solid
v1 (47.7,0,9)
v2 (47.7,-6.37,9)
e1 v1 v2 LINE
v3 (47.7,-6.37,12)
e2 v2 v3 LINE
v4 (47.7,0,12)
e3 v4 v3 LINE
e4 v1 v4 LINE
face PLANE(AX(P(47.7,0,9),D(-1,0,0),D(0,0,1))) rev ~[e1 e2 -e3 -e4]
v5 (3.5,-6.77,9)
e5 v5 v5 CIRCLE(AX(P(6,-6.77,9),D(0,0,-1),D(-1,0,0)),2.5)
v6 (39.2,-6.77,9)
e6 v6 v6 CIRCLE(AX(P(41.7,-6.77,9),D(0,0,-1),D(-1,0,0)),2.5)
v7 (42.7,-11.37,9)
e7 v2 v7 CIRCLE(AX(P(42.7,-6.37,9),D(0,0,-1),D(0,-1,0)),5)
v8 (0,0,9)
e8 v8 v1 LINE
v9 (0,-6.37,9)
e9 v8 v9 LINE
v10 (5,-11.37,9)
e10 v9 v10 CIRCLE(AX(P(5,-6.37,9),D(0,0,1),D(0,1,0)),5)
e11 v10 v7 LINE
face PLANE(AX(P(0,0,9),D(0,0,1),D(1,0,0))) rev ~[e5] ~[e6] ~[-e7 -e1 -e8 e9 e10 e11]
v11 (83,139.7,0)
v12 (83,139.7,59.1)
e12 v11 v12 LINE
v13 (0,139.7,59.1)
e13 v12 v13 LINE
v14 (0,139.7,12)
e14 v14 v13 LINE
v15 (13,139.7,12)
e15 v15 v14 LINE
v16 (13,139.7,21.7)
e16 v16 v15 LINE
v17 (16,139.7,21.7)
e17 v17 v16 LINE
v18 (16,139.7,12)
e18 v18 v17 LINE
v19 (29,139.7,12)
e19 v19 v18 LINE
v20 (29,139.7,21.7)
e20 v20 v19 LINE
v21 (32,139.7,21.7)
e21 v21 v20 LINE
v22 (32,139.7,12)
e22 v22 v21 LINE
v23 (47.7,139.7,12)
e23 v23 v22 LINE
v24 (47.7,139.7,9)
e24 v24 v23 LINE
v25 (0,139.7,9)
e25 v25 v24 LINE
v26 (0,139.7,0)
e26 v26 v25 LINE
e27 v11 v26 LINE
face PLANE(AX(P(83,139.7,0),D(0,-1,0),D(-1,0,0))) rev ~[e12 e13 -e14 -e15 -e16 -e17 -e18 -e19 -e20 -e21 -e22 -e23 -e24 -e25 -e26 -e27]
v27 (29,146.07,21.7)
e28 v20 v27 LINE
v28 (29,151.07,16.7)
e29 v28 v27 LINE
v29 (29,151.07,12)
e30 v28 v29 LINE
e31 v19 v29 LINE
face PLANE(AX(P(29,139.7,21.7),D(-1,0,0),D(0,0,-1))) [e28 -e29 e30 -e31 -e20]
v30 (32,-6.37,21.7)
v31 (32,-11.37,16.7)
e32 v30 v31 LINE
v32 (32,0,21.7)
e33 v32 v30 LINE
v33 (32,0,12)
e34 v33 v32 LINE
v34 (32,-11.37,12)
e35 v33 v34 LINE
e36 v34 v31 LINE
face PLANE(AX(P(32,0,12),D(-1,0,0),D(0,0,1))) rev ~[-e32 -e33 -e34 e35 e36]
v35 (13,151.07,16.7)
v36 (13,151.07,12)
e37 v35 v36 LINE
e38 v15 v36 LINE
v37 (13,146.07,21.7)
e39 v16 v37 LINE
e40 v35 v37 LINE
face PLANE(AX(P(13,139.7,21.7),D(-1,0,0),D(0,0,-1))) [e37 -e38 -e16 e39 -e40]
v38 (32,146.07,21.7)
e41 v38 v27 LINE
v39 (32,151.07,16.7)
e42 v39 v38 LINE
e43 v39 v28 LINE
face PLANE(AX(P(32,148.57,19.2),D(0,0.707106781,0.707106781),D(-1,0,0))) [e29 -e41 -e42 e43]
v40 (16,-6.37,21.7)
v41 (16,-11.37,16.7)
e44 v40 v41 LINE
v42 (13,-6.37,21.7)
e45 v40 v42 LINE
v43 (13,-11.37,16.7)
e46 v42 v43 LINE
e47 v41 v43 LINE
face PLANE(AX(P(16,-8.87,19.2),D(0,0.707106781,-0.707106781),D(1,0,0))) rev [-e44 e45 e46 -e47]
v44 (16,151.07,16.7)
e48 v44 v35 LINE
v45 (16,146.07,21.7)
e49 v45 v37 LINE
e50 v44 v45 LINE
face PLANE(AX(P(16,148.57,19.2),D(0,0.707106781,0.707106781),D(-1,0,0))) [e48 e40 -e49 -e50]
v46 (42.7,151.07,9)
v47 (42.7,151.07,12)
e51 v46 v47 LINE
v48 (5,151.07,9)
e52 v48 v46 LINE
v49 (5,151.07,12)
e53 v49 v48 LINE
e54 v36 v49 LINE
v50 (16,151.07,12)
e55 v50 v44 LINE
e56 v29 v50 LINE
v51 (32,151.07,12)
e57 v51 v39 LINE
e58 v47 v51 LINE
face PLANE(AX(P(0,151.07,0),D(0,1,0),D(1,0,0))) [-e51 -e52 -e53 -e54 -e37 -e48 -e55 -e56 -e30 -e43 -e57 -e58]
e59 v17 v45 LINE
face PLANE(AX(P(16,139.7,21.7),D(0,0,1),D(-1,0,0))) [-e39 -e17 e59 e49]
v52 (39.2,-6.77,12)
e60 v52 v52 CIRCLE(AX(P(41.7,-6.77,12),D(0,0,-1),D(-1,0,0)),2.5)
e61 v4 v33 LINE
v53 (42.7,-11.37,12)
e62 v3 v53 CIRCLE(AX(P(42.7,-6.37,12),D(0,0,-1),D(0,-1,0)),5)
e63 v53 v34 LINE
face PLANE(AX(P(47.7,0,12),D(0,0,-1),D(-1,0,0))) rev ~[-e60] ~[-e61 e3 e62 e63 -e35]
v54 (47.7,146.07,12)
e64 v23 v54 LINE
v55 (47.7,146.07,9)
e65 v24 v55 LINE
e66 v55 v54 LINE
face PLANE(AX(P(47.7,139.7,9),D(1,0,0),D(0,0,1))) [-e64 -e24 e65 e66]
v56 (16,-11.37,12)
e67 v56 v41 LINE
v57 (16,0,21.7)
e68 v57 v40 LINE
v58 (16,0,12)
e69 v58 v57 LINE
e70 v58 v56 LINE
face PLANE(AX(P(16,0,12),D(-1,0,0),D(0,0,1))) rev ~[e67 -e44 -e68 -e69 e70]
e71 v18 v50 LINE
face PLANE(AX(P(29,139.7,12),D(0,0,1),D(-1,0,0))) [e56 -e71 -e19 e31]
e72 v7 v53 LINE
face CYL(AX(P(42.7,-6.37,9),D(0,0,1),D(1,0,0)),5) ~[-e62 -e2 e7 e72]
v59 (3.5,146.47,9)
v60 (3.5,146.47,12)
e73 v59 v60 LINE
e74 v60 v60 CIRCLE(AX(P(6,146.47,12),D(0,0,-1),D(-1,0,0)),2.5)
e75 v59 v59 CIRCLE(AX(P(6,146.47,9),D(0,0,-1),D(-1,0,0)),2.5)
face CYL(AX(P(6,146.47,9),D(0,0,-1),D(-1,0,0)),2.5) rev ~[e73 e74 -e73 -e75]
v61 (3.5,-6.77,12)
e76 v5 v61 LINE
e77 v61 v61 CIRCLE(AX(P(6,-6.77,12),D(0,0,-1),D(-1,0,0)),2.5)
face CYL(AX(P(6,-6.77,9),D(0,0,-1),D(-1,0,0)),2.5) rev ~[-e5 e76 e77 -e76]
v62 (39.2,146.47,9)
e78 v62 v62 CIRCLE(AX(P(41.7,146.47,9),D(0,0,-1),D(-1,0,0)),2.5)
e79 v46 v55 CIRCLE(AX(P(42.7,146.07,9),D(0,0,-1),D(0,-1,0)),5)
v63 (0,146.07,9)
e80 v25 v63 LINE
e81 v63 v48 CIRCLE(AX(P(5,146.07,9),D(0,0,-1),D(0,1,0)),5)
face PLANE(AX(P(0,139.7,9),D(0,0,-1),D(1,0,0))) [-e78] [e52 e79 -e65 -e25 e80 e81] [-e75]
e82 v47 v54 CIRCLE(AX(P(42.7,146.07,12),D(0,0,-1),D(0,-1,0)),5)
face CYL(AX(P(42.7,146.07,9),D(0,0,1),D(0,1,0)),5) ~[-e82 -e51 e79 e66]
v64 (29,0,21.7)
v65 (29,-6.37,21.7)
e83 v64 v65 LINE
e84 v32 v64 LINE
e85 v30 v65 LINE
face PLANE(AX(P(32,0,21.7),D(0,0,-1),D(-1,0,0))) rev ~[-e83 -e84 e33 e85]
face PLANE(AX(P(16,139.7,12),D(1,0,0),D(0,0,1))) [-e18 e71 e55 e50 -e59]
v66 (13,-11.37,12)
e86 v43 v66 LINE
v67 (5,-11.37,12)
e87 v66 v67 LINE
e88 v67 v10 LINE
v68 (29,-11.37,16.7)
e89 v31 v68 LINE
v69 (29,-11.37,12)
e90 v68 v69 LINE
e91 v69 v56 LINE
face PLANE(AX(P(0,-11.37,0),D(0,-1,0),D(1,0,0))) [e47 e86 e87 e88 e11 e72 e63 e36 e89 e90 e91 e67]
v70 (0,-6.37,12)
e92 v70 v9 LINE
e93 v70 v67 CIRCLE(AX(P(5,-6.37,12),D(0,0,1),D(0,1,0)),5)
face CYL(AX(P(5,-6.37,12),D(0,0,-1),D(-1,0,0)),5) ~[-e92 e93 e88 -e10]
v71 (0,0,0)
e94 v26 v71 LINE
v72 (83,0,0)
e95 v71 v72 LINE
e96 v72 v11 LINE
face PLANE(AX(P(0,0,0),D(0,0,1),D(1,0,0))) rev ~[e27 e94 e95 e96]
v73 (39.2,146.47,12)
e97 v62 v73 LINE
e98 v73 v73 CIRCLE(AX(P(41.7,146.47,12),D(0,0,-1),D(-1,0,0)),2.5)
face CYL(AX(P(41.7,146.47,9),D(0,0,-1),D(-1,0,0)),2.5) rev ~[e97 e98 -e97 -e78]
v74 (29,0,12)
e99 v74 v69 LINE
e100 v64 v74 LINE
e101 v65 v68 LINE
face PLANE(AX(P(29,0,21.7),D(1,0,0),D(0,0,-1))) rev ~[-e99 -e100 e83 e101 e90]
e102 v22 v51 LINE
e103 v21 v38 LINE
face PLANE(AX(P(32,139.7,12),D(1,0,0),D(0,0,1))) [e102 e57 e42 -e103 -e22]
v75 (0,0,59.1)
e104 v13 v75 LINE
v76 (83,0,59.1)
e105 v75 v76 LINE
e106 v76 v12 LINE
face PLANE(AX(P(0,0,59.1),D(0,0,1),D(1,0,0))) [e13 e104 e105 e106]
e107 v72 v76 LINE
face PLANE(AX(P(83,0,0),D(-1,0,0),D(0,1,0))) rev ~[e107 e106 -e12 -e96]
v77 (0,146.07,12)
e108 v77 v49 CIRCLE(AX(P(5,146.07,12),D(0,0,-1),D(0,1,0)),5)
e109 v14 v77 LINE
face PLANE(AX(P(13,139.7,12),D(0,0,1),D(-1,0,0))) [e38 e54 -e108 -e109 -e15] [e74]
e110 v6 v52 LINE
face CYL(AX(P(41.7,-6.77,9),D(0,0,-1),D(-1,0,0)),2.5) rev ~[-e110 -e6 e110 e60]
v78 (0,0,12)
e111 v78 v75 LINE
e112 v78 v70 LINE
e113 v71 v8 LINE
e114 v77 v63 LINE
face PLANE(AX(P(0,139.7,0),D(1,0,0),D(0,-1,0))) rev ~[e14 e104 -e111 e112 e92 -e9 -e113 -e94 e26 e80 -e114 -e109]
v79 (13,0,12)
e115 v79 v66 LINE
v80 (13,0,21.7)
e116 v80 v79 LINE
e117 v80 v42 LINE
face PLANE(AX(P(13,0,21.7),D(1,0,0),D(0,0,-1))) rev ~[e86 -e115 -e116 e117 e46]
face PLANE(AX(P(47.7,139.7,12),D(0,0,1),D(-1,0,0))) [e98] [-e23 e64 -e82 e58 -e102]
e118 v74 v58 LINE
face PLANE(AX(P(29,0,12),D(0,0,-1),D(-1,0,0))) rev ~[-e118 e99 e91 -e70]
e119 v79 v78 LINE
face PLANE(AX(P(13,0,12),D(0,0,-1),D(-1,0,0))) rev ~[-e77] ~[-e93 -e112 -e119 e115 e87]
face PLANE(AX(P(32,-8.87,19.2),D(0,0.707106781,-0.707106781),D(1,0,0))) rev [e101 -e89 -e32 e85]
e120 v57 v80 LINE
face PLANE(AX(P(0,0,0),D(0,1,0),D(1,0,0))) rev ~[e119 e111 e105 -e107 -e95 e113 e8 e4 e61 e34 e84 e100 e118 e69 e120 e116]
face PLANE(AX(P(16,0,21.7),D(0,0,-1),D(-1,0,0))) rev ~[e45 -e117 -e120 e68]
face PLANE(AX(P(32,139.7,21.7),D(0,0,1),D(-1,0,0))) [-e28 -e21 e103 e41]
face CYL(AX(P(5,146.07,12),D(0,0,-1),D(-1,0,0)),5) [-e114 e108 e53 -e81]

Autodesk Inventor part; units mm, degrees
ref_plane "YZ Plane" through (0, 0, 0) normal (1, 0, 0) x (0, 1, 0)
ref_plane "XZ Plane" through (0, 0, 0) normal (0, 1, 0) x (-1, 0, 0)
ref_plane "XY Plane" through (0, 0, 0) normal (0, 0, 1) x (1, 0, 0)
sketch "Sketch1" plane through (0, 0, 0) normal (0, 0, 1) x (1, 0, 0)
  line L0 (0, 0) -> (83, 0)
  line L1 (83, 0) -> (83, 139.7)
  line L2 (83, 139.7) -> (0, 139.7)
  line L3 (0, 139.7) -> (0, 0)
  dimension "d0" = 83
  dimension "d1" = 139.7
extrude "Extrusion1" add sketch "Sketch1" along normal blind 59.1
sketch "Sketch2" plane through (0, 139.7, 0) normal (0, 1, 0) x (1, 0, 0)
  line L0 (0, -9) -> (47.7, -9)
  line L1 (47.7, -9) -> (47.7, -12)
  line L2 (47.7, -12) -> (0, -12)
  line L3 (0, -12) -> (0, -9)
  line L4 (83, 0) -> (0, 0) projected
  line L5 (13, -12) -> (16, -12)
  line L6 (16, -12) -> (16, -21.7)
  line L7 (16, -21.7) -> (13, -21.7)
  line L8 (13, -21.7) -> (13, -12)
  line L9 (0, 0) -> (0, -59.1) projected
  line L10 (29, -12) -> (32, -12)
  line L11 (32, -12) -> (32, -21.7)
  line L12 (32, -21.7) -> (29, -21.7)
  line L13 (29, -21.7) -> (29, -12)
  dimension "d4" = 3
  dimension "d5" = 47.7
  dimension "d6" = 9
  dimension "d7" = 9.7
  dimension "d8" = 3
  dimension "d9" = 13
  dimension "d10" = 3
  dimension "d11" = 9.7
  dimension "d12" = 29
extrude "Extrusion2" add sketch "Sketch2" along normal blind 11.37
sketch "Sketch3" plane through (0, 0, 0) normal (0, -1, 0) x (1, 0, 0)
  line L0 (83, 0) -> (0, 0)
  line L1 (0, 9) -> (47.7, 9)
  line L2 (47.7, 9) -> (47.7, 12)
  line L3 (47.7, 12) -> (0, 12)
  line L4 (0, 12) -> (0, 9)
  line L5 (13, 12) -> (16, 12)
  line L6 (16, 12) -> (16, 21.7)
  line L7 (16, 21.7) -> (13, 21.7)
  line L8 (13, 21.7) -> (13, 12)
  line L9 (0, 0) -> (0, 59.1)
  line L10 (29, 12) -> (32, 12)
  line L11 (32, 12) -> (32, 21.7)
  line L12 (32, 21.7) -> (29, 21.7)
  line L13 (29, 21.7) -> (29, 12)
extrude "Extrusion3" add sketch "Sketch3" along normal blind 11.37
fillet "Fillet1" radius 5 4 edges at (0, 151.07, 10.5) (47.7, 151.07, 10.5) (0, -11.37, 10.5) (47.7, -11.37, 10.5)
chamfer "Chamfer1" distance 5 angle 45 4 edges at (30.5, -11.37, 21.7) (14.5, -11.37, 21.7) (30.5, 151.07, 21.7) (14.5, 151.07, 21.7)
sketch "Sketch5" plane through (47.7, 0, 9) normal (0, 0, -1) x (-1, 0, 0)
  circle A0 centre (6, 146.47) radius 2.5
  circle A1 centre (41.7, 146.47) radius 2.5
  circle A2 centre (6, -6.77) radius 2.5
  circle A3 centre (41.7, -6.77) radius 2.5
  line L0 (47.7, 0) -> (47.7, -6.37) projected
  line L1 (0, 0) -> (0, -6.37) projected
  line L2 (0, 139.7) -> (0, 146.07) projected
  line L3 (47.7, 139.7) -> (47.7, 146.07) projected
  line L4 (5, 151.07) -> (42.7, 151.07) projected
  line L5 (42.7, -11.37) -> (5, -11.37) projected
  dimension "d30" = 5
  dimension "d31" = 5
  dimension "d32" = 5
  dimension "d33" = 5
  dimension "d34" = 6
  dimension "d35" = 6
  dimension "d36" = 6
  dimension "d37" = 6
  dimension "d38" = 4.6
  dimension "d39" = 4.6
  dimension "d40" = 4.6
  dimension "d41" = 4.6
extrude "Extrusion4" cut sketch "Sketch5" against normal up to next
properties part number "Battery" material "Aluminum 6061-AHC"
